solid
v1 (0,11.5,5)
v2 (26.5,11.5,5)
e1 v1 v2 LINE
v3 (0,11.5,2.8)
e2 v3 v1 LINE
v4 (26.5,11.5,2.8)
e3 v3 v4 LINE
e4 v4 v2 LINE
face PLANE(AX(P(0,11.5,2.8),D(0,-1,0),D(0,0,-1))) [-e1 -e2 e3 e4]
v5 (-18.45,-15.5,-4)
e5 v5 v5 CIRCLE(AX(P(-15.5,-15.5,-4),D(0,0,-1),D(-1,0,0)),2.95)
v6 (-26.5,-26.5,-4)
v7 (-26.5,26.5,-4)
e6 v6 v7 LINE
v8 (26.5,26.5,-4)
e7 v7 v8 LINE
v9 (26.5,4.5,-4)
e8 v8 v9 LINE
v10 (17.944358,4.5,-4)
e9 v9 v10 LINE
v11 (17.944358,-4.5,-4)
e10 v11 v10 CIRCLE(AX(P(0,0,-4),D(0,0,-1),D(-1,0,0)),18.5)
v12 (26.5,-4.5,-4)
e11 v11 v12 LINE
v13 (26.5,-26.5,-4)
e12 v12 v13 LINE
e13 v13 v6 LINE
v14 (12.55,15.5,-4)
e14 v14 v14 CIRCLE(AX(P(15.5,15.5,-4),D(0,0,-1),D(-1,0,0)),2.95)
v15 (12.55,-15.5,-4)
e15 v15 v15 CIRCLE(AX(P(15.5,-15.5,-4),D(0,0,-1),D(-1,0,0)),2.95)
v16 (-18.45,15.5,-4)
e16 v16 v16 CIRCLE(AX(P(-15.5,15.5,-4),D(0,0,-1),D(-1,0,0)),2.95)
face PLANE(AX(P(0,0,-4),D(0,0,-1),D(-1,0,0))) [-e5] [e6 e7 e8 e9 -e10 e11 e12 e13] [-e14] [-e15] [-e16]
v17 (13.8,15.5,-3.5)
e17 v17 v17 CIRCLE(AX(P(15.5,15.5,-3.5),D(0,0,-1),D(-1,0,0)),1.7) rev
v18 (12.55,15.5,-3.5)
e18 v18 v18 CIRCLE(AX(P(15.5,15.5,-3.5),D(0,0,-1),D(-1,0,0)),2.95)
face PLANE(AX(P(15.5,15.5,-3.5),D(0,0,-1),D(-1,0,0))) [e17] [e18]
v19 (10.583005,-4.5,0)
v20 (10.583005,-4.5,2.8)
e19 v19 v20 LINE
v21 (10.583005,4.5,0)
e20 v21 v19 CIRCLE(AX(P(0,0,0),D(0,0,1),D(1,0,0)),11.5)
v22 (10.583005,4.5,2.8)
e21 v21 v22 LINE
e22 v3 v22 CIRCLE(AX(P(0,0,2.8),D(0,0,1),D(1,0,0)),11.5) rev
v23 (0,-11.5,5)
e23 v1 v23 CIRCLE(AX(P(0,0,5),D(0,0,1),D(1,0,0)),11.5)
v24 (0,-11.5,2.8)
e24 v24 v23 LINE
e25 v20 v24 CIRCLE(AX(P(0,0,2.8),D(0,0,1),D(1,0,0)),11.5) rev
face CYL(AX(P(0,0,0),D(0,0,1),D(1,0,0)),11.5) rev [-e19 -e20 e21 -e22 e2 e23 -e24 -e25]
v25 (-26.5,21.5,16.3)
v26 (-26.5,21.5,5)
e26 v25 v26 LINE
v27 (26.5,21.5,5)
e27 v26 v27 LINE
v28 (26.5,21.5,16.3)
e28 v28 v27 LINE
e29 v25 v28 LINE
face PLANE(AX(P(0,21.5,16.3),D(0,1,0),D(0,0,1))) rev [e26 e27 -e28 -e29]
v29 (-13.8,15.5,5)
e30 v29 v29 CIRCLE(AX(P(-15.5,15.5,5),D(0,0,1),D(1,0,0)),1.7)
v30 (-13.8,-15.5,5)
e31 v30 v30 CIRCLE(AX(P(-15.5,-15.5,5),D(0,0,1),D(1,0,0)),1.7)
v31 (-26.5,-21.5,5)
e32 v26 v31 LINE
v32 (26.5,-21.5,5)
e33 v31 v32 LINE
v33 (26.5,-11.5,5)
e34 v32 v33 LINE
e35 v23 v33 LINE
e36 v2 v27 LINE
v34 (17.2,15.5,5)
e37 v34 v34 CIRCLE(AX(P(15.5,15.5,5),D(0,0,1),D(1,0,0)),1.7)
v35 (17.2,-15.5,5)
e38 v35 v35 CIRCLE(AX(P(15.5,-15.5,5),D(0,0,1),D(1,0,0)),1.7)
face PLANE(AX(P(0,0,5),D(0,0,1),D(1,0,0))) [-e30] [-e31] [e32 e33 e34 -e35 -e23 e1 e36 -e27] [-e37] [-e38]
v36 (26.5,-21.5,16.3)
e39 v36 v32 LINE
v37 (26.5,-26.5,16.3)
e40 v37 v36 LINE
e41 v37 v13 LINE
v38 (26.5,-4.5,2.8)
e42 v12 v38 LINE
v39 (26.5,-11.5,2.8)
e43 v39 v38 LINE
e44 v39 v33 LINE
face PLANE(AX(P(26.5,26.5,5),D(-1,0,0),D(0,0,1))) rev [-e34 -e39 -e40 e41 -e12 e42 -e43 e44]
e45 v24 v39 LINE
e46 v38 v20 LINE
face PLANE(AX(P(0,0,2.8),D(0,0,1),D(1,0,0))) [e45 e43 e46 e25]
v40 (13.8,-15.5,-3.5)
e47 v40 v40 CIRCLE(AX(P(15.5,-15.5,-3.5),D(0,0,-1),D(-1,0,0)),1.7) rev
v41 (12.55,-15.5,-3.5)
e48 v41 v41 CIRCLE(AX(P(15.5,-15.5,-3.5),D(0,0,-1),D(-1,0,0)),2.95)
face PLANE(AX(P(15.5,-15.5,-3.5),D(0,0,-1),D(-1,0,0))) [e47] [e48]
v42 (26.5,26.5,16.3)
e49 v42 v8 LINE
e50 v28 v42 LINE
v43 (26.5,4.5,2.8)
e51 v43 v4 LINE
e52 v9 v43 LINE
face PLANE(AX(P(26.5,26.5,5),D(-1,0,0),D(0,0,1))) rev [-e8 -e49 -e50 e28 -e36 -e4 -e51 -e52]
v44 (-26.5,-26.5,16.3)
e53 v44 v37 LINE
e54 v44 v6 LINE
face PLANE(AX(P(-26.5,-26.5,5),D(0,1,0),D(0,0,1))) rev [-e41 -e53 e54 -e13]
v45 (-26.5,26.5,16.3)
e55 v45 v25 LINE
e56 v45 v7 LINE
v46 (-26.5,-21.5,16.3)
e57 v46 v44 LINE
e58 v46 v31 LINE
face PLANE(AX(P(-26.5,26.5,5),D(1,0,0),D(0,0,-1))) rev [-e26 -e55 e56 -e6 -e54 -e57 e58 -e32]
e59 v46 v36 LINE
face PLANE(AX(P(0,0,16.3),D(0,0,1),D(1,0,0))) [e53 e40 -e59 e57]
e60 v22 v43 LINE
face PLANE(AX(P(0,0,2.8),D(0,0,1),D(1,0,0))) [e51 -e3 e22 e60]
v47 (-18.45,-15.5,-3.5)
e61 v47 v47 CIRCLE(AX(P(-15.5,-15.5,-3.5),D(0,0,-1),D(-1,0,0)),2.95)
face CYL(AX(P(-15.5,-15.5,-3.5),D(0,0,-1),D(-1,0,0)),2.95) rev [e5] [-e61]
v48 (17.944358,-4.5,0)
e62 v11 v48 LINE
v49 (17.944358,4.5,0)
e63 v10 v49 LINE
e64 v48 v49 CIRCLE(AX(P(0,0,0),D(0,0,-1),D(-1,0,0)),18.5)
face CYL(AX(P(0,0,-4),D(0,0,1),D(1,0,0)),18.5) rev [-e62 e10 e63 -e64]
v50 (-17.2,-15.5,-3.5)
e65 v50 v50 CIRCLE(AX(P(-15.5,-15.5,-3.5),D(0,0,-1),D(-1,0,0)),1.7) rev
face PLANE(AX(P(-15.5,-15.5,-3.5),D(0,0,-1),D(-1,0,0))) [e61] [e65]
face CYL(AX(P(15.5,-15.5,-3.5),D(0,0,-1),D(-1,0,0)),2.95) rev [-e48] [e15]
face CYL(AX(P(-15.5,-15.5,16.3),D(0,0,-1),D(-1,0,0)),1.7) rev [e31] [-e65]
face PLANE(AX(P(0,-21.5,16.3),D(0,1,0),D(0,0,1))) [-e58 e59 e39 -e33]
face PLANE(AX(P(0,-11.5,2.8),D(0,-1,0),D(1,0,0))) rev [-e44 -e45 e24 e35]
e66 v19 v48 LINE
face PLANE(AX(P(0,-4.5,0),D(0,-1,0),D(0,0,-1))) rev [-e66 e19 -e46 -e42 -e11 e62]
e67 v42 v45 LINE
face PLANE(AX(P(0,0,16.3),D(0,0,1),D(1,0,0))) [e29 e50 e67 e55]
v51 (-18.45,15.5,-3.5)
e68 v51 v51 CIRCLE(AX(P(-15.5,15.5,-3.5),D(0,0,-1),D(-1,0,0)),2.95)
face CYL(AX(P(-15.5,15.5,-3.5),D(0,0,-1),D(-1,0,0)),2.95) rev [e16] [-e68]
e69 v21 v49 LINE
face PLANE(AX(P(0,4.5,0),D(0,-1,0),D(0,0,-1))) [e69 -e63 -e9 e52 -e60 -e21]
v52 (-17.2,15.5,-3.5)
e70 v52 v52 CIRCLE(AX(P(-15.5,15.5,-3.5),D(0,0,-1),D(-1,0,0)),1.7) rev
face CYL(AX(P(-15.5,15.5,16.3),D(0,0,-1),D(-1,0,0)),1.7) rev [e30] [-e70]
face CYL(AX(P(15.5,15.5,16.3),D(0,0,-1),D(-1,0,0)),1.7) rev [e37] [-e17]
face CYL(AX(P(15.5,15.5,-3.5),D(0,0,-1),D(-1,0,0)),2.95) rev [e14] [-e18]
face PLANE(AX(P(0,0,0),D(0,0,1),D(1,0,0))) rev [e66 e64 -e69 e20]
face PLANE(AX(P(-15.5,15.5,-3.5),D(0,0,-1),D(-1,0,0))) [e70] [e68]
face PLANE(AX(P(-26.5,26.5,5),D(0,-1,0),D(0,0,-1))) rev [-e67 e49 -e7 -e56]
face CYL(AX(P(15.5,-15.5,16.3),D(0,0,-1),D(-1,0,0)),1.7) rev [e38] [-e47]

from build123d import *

# Parameters (mm, degrees)
SKETCH1_W           = 53
SKETCH1_H           = 53
BOSS_EXTRUDE1_DEPTH = 5
BOSS_EXTRUDE2_DEPTH = 11.3
CUT_EXTRUDE1_DEPTH  = 40.143198643
CUT_EXTRUDE2_DEPTH  = 2.2
SKETCH5_R           = 1.7
CUT_EXTRUDE3_DEPTH  = 41.867958109
CIRPATTERN1_COUNT   = 4
BOSS_EXTRUDE3_START = 4
SKETCH6_R           = 1.7
BOSS_EXTRUDE3_DEPTH = 4
SKETCH7_R           = 2.95
CUT_EXTRUDE4_DEPTH  = 0.5


with BuildPart() as part:
    # Sketch1 → Boss-Extrude1 (new body)
    with BuildSketch(Plane.XY):
        Rectangle(SKETCH1_W, SKETCH1_H)
    extrude(amount=BOSS_EXTRUDE1_DEPTH)

    # Sketch2 → Boss-Extrude2 (add)
    with BuildSketch(Plane.XY.offset(5)):
        Polygon((-26.5, 21.5), (-21.5, 21.5), (21.5, 21.5), (26.5, 21.5), (26.5, 26.5), (-26.5, 26.5), align=None)
        Polygon((21.5, -21.5), (-21.5, -21.5), (-26.5, -21.5), (-26.5, -26.5), (26.5, -26.5), (26.5, -21.5), align=None)
    extrude(amount=BOSS_EXTRUDE2_DEPTH)

    # Sketch4 → Cut-Extrude1 (cut, through all)
    with BuildSketch(Plane.XY.offset(5)):
        with BuildLine():
            Line((26.5, 4.5), (10.583005244, 4.5))
            ThreePointArc((10.583005244, 4.5), (11.268419594, 2.296240372), (11.5, 0))
            ThreePointArc((11.5, 0), (11.268419594, -2.296240372), (10.583005244, -4.5))
            Line((10.583005244, -4.5), (26.5, -4.5))
            Line((26.5, -4.5), (26.5, 4.5))
        make_face()
        with BuildLine():
            Line((5.5, -4.5), (5.5, 4.5))
            Line((5.5, 4.5), (10.583005244, 4.5))
            ThreePointArc((10.583005244, 4.5), (-11.5, 0), (10.583005244, -4.5))
            Line((10.583005244, -4.5), (5.5, -4.5))
        make_face()
        with BuildLine():
            Line((10.583005244, 4.5), (5.5, 4.5))
            Line((5.5, 4.5), (5.5, -4.5))
            Line((5.5, -4.5), (10.583005244, -4.5))
            ThreePointArc((10.583005244, -4.5), (11.268419594, -2.296240372), (11.5, 0))
            ThreePointArc((11.5, 0), (11.268419594, 2.296240372), (10.583005244, 4.5))
        make_face()
    extrude(amount=-CUT_EXTRUDE1_DEPTH, mode=Mode.SUBTRACT)

    # Sketch3 → Cut-Extrude2 (cut)
    with BuildSketch(Plane.XY.offset(5)):
        with BuildLine():
            Line((26.5, 11.5), (2.1e-08, 11.5))
            ThreePointArc((2.1e-08, 11.5), (6.344288779, 9.591663041), (10.583005244, 4.5))
            Line((10.583005244, 4.5), (26.5, 4.5))
            Line((26.5, 4.5), (26.5, 11.5))
        make_face()
        with BuildLine():
            ThreePointArc((10.583005244, -4.5), (6.344288761, -9.591663053), (-2.3e-08, -11.5))
            Line((-2.3e-08, -11.5), (26.5, -11.5))
            Line((26.5, -11.5), (26.5, -4.5))
            Line((26.5, -4.5), (10.583005244, -4.5))
        make_face()
    extrude(amount=-CUT_EXTRUDE2_DEPTH, mode=Mode.SUBTRACT)

    # Sketch5 → Cut-Extrude3 (cut, through all)
    with BuildSketch(Plane(origin=(0, 0, 0), x_dir=(-1, 0, 0), z_dir=(0, 0, -1))):
        with Locations((-15.5, 15.5)):
            Circle(SKETCH5_R)
    cut_extrude3 = extrude(amount=-CUT_EXTRUDE3_DEPTH, mode=Mode.SUBTRACT)

    # CirPattern1: Cut-Extrude3 ×4 about axis
    cirpattern1_axis = Axis((0, 0, 0), (0, 0, 1))
    for i in range(1, CIRPATTERN1_COUNT):
        add(cut_extrude3.rotate(cirpattern1_axis, i * 360 / CIRPATTERN1_COUNT), mode=Mode.SUBTRACT)

    # Sketch6 → Boss-Extrude3 (add)
    with BuildSketch(Plane(origin=(0, 0, 0), x_dir=(-1, 0, 0), z_dir=(0, 0, -1)).offset(BOSS_EXTRUDE3_START)):
        with BuildLine():
            Line((-26.5, 26.5), (-26.5, 4.5))
            Line((-26.5, 4.5), (-17.944358445, 4.5))
            ThreePointArc((-17.944358445, 4.5), (2.267087203, 18.360564142), (18.5, 0))
            ThreePointArc((18.5, 0), (2.267087203, -18.360564142), (-17.944358445, -4.5))
            Line((-17.944358445, -4.5), (-26.5, -4.5))
            Line((-26.5, -4.5), (-26.5, -26.5))
            Line((-26.5, -26.5), (26.5, -26.5))
            Line((26.5, -26.5), (26.5, 26.5))
            Line((26.5, 26.5), (-26.5, 26.5))
        make_face()
        with Locations((-15.5, -15.5)):
            Circle(SKETCH6_R, mode=Mode.SUBTRACT)
        with Locations((15.5, -15.5)):
            Circle(SKETCH6_R, mode=Mode.SUBTRACT)
        with Locations((-15.5, 15.5)):
            Circle(SKETCH6_R, mode=Mode.SUBTRACT)
        with Locations((15.5, 15.5)):
            Circle(SKETCH6_R, mode=Mode.SUBTRACT)
    extrude(amount=-BOSS_EXTRUDE3_DEPTH)

    # Sketch7 → Cut-Extrude4 (cut)
    with BuildSketch(Plane(origin=(0, 0, -4), x_dir=(-1, 0, 0), z_dir=(0, 0, -1))):
        with Locations((-15.5, 15.5)):
            Circle(SKETCH7_R)
        with Locations((15.5, 15.5)):
            Circle(SKETCH7_R)
        with Locations((15.5, -15.5)):
            Circle(SKETCH7_R)
        with Locations((-15.5, -15.5)):
            Circle(SKETCH7_R)
    extrude(amount=-CUT_EXTRUDE4_DEPTH, mode=Mode.SUBTRACT)


solid = part.part
